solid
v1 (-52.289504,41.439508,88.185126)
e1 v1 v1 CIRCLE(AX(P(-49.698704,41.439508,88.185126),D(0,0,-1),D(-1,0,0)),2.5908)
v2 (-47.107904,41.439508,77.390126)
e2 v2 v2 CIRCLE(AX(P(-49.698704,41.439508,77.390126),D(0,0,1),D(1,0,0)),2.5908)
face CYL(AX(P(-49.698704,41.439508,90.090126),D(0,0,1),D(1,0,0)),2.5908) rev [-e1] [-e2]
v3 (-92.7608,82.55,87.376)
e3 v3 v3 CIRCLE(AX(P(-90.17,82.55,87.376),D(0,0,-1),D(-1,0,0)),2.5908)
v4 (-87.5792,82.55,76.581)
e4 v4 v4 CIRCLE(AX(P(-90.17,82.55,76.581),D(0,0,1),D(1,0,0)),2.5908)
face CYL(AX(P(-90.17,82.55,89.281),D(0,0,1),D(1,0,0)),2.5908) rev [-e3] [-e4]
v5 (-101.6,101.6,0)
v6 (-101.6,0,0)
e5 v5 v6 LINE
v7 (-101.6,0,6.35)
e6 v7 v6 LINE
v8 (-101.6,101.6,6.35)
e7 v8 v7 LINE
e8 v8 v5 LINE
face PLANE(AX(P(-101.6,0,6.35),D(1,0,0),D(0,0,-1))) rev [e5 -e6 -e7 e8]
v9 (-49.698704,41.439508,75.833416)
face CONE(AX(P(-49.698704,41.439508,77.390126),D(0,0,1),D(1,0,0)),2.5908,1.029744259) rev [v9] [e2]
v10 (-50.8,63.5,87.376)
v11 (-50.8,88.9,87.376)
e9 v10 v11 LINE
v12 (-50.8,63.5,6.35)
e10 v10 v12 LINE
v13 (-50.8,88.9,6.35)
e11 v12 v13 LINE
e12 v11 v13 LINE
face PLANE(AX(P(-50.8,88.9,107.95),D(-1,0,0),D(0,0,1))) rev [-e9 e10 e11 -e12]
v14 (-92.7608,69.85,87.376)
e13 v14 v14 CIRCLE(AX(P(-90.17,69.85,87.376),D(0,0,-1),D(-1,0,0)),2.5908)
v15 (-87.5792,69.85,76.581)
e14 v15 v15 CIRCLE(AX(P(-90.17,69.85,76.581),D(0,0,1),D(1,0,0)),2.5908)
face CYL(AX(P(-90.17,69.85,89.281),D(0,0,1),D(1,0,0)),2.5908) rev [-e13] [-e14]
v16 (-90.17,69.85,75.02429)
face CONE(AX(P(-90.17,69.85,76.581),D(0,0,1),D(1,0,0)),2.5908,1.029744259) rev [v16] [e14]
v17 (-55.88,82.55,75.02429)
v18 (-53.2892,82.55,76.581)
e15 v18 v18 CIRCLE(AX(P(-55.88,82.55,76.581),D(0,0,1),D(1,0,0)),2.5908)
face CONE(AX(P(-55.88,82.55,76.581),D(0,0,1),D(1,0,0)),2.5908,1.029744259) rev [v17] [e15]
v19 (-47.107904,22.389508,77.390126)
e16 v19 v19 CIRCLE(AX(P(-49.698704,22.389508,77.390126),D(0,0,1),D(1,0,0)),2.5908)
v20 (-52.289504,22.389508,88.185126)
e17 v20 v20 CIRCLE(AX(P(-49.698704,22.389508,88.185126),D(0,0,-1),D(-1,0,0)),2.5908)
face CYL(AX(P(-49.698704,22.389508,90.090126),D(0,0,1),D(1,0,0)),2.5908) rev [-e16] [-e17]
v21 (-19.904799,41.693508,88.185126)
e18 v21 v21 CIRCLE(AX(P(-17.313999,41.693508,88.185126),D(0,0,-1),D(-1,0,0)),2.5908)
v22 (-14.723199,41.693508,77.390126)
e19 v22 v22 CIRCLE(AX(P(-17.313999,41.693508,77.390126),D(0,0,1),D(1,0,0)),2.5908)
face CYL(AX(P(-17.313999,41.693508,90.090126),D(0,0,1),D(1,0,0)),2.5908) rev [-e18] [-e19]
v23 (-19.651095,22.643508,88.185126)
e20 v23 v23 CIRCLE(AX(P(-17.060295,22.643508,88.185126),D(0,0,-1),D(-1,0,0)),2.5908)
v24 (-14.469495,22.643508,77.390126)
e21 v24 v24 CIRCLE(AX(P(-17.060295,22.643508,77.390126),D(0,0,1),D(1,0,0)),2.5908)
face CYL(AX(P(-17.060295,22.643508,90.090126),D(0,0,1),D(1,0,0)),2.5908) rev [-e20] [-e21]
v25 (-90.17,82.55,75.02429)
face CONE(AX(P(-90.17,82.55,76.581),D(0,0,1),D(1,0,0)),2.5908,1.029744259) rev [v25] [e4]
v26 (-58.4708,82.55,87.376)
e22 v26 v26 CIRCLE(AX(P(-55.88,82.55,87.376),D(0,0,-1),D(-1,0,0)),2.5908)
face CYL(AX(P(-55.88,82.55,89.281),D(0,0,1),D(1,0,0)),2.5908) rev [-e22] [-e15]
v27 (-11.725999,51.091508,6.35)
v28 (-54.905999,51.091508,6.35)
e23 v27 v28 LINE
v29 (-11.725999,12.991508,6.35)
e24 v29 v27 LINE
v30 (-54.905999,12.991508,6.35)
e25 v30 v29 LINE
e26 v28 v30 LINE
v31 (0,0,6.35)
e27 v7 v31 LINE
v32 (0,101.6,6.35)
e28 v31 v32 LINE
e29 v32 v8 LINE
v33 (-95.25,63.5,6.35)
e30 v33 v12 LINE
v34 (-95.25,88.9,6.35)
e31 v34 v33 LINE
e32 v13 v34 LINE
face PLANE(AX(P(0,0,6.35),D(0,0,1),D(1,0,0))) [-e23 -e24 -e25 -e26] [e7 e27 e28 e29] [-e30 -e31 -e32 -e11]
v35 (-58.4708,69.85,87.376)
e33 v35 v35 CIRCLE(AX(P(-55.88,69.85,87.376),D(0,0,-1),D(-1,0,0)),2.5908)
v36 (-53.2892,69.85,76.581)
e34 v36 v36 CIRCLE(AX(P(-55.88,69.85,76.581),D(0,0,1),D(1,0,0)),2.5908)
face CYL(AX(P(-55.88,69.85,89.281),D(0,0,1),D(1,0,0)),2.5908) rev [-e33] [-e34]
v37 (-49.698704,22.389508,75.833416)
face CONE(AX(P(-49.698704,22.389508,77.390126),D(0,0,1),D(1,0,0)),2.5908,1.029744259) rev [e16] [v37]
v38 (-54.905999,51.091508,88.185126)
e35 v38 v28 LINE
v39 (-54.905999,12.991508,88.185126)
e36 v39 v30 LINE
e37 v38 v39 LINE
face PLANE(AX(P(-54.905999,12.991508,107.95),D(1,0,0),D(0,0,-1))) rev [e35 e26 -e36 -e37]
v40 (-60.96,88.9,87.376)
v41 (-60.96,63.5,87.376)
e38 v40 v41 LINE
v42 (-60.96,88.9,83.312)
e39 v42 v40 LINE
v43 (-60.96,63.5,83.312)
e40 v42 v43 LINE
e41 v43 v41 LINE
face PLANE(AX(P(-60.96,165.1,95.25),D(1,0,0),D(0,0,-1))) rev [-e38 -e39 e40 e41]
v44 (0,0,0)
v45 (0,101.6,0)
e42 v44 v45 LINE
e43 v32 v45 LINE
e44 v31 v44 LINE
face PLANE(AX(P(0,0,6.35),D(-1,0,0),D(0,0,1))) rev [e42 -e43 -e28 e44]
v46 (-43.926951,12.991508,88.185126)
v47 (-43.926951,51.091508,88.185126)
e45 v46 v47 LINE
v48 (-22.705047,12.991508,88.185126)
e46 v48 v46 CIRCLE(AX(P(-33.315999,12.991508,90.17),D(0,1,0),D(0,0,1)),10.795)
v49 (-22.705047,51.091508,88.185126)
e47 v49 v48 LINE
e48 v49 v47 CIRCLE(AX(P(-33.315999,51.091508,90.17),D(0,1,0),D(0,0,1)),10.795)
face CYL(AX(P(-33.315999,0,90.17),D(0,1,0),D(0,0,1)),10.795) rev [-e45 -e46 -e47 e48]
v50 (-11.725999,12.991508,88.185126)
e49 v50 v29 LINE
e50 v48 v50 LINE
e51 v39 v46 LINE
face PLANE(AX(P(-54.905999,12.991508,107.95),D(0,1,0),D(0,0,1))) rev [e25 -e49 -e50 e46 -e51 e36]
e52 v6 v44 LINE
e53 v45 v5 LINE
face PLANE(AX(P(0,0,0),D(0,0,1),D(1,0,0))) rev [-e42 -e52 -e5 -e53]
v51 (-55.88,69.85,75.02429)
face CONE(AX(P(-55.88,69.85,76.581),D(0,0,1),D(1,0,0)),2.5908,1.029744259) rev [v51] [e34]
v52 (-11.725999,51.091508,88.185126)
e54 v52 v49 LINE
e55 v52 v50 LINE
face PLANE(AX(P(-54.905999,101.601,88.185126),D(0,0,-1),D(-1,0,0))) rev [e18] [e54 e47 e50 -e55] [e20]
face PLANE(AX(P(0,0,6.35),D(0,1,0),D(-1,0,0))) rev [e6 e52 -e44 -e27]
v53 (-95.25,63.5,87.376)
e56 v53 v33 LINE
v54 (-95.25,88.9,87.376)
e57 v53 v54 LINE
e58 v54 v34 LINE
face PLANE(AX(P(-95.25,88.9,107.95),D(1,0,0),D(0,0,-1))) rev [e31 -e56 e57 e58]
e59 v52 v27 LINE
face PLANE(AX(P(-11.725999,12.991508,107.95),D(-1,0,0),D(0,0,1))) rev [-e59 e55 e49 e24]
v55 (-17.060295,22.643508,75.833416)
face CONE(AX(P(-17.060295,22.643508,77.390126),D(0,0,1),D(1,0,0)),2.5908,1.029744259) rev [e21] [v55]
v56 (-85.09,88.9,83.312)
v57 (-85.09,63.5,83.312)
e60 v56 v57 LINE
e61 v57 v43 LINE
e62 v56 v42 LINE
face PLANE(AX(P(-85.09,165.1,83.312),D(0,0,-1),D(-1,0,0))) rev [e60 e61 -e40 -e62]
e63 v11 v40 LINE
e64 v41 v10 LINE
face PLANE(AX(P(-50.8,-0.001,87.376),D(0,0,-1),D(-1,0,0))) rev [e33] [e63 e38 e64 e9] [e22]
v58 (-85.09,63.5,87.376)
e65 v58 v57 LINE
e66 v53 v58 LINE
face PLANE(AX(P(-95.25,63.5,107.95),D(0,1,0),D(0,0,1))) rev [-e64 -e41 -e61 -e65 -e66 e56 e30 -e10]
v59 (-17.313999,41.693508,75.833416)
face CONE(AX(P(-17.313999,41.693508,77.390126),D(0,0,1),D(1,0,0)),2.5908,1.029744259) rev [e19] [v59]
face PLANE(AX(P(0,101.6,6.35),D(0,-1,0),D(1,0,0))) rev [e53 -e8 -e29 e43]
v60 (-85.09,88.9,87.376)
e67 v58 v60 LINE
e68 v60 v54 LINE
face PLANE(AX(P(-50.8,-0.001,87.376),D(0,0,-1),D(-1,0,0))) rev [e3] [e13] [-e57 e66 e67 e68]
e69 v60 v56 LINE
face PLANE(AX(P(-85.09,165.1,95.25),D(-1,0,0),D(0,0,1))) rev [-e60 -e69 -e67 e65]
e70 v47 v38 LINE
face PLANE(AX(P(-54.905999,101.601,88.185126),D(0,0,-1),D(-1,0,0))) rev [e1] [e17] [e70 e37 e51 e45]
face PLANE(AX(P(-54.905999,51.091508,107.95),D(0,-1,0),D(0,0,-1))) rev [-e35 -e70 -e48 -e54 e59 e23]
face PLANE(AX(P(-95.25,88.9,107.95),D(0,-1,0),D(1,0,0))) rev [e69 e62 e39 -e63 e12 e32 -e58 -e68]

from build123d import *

# Parameters (mm, degrees)
SKETCH1_W                      = 101.6
SKETCH1_H                      = 101.6
BOSS_EXTRUDE1_DEPTH            = 6.35
SKETCH2_W                      = 44.45
SKETCH2_H                      = 25.4
BOSS_EXTRUDE3_DEPTH            = 101.6
SKETCH4_W                      = 24.13
SKETCH4_H                      = 11.938
CUT_EXTRUDE1_DEPTH             = 101.6
SKETCH5_W                      = 43.18
SKETCH5_H                      = 38.1
BOSS_EXTRUDE4_DEPTH            = 101.6
SKETCH6_R                      = 10.795
CUT_EXTRUDE2_DEPTH             = 157.799568366
SKETCH7_W                      = 43.18
SKETCH7_H                      = 17.859873976
CUT_EXTRUDE3_DEPTH             = 157.799568366
CUT_EXTRUDE4_REACH             = 174.855
SKETCH8_W                      = 44.45
SKETCH8_H                      = 18.669
F_6_0_204_DIAMETER_HOLE1_D     = 5.1816
F_6_0_204_DIAMETER_HOLE1_DEPTH = 12.7
F_6_0_204_DIAMETER_HOLE1_TIP   = 1.556709692
F_6_0_204_DIAMETER_HOLE2_D     = 5.1816
F_6_0_204_DIAMETER_HOLE2_DEPTH = 12.7
F_6_0_204_DIAMETER_HOLE2_TIP   = 1.556709692
CUT_EXTRUDE5_START             = -38.1
SKETCH17_W                     = 43.18
SKETCH17_H                     = 1.905
CUT_EXTRUDE5_DEPTH             = 38.1
CUT_EXTRUDE6_START             = -25.4
SKETCH18_W                     = 44.45
SKETCH18_H                     = 1.905
CUT_EXTRUDE6_DEPTH             = 25.4


with BuildPart() as part:
    # Sketch1 → Boss-Extrude1 (new body)
    with BuildSketch(Plane.XY):
        with Locations((-50.8, 50.8)):
            Rectangle(SKETCH1_W, SKETCH1_H)
    extrude(amount=BOSS_EXTRUDE1_DEPTH)

    # Sketch2 → Boss-Extrude3 (add)
    with BuildSketch(Plane.XY.offset(6.35)):
        with Locations((-73.025, 76.2)):
            Rectangle(SKETCH2_W, SKETCH2_H)
    extrude(amount=BOSS_EXTRUDE3_DEPTH)

    # Sketch4 → Cut-Extrude1 (cut)
    with BuildSketch(Plane.XZ.offset(-63.5)):
        with Locations((-73.025, 89.281)):
            Rectangle(SKETCH4_W, SKETCH4_H)
    extrude(amount=-CUT_EXTRUDE1_DEPTH, mode=Mode.SUBTRACT)

    # Sketch5 → Boss-Extrude4 (add)
    with BuildSketch(Plane.XY.offset(6.35)):
        with Locations((-33.315999359, 32.041507513)):
            Rectangle(SKETCH5_W, SKETCH5_H)
    extrude(amount=BOSS_EXTRUDE4_DEPTH)

    # Sketch6 → Cut-Extrude2 (cut, through all)
    with BuildSketch(Plane(origin=(0, 51.091507513, 0), x_dir=(1, 0, 0), z_dir=(0, 1, 0))):
        with Locations(Location((-33.315999359, -90.17, 0), (0, 0, 270))):
            Circle(SKETCH6_R)
    extrude(amount=-CUT_EXTRUDE2_DEPTH, mode=Mode.SUBTRACT)

    # Sketch7 → Cut-Extrude3 (cut, through all)
    with BuildSketch(Plane(origin=(0, 51.091507513, 0), x_dir=(1, 0, 0), z_dir=(0, 1, 0))):
        with Locations((-33.315999359, -99.020063012)):
            Rectangle(SKETCH7_W, SKETCH7_H)
    extrude(amount=-CUT_EXTRUDE3_DEPTH, mode=Mode.SUBTRACT)

    # Sketch8 → Cut-Extrude4 (cut, up to next)
    with BuildSketch(Plane(origin=(0, 88.9, 0), x_dir=(1, 0, 0), z_dir=(0, 1, 0)), mode=Mode.PRIVATE) as cut_extrude4_sk1:
        with Locations((-73.025, -98.6155)):
            Rectangle(SKETCH8_W, SKETCH8_H)
    cut_extrude4_tool1 = extrude(cut_extrude4_sk1.sketch, amount=-CUT_EXTRUDE4_REACH, mode=Mode.PRIVATE) & part.part
    add(cut_extrude4_tool1.solids().sort_by_distance((-73.025, 88.9, 98.6155))[0], mode=Mode.SUBTRACT)

    # #6 (0.204) Diameter Hole1
    with Locations(Plane.XY.offset(90.090126024)):
        with Locations((-17.060294864, 22.643507513), (-17.313999359, 41.693507513), (-49.698703855, 41.439507513), (-49.698703855, 22.389507513)):
            Hole(F_6_0_204_DIAMETER_HOLE1_D / 2, depth=F_6_0_204_DIAMETER_HOLE1_DEPTH)
            with Locations((0, 0, -(F_6_0_204_DIAMETER_HOLE1_DEPTH + F_6_0_204_DIAMETER_HOLE1_TIP / 2))):  # 118° drill point
                Cone(0, F_6_0_204_DIAMETER_HOLE1_D / 2, F_6_0_204_DIAMETER_HOLE1_TIP, mode=Mode.SUBTRACT)

    # #6 (0.204) Diameter Hole2
    with Locations(Plane.XY.offset(89.281)):
        with Locations((-55.88, 82.55), (-55.88, 69.85), (-90.17, 82.55), (-90.17, 69.85)):
            Hole(F_6_0_204_DIAMETER_HOLE2_D / 2, depth=F_6_0_204_DIAMETER_HOLE2_DEPTH)
            with Locations((0, 0, -(F_6_0_204_DIAMETER_HOLE2_DEPTH + F_6_0_204_DIAMETER_HOLE2_TIP / 2))):  # 118° drill point
                Cone(0, F_6_0_204_DIAMETER_HOLE2_D / 2, F_6_0_204_DIAMETER_HOLE2_TIP, mode=Mode.SUBTRACT)

    # Sketch17 → Cut-Extrude5 (cut)
    with BuildSketch(Plane.XZ.offset(-12.991507513).offset(CUT_EXTRUDE5_START)):
        with Locations((-33.315999359, 89.137626024)):
            Rectangle(SKETCH17_W, SKETCH17_H)
    extrude(amount=CUT_EXTRUDE5_DEPTH, mode=Mode.SUBTRACT)

    # Sketch18 → Cut-Extrude6 (cut)
    with BuildSketch(Plane(origin=(0, 88.9, 0), x_dir=(1, 0, 0), z_dir=(0, 1, 0)).offset(CUT_EXTRUDE6_START)):
        with Locations((-73.025, -88.3285)):
            Rectangle(SKETCH18_W, SKETCH18_H)
    extrude(amount=CUT_EXTRUDE6_DEPTH, mode=Mode.SUBTRACT)


solid = part.part
